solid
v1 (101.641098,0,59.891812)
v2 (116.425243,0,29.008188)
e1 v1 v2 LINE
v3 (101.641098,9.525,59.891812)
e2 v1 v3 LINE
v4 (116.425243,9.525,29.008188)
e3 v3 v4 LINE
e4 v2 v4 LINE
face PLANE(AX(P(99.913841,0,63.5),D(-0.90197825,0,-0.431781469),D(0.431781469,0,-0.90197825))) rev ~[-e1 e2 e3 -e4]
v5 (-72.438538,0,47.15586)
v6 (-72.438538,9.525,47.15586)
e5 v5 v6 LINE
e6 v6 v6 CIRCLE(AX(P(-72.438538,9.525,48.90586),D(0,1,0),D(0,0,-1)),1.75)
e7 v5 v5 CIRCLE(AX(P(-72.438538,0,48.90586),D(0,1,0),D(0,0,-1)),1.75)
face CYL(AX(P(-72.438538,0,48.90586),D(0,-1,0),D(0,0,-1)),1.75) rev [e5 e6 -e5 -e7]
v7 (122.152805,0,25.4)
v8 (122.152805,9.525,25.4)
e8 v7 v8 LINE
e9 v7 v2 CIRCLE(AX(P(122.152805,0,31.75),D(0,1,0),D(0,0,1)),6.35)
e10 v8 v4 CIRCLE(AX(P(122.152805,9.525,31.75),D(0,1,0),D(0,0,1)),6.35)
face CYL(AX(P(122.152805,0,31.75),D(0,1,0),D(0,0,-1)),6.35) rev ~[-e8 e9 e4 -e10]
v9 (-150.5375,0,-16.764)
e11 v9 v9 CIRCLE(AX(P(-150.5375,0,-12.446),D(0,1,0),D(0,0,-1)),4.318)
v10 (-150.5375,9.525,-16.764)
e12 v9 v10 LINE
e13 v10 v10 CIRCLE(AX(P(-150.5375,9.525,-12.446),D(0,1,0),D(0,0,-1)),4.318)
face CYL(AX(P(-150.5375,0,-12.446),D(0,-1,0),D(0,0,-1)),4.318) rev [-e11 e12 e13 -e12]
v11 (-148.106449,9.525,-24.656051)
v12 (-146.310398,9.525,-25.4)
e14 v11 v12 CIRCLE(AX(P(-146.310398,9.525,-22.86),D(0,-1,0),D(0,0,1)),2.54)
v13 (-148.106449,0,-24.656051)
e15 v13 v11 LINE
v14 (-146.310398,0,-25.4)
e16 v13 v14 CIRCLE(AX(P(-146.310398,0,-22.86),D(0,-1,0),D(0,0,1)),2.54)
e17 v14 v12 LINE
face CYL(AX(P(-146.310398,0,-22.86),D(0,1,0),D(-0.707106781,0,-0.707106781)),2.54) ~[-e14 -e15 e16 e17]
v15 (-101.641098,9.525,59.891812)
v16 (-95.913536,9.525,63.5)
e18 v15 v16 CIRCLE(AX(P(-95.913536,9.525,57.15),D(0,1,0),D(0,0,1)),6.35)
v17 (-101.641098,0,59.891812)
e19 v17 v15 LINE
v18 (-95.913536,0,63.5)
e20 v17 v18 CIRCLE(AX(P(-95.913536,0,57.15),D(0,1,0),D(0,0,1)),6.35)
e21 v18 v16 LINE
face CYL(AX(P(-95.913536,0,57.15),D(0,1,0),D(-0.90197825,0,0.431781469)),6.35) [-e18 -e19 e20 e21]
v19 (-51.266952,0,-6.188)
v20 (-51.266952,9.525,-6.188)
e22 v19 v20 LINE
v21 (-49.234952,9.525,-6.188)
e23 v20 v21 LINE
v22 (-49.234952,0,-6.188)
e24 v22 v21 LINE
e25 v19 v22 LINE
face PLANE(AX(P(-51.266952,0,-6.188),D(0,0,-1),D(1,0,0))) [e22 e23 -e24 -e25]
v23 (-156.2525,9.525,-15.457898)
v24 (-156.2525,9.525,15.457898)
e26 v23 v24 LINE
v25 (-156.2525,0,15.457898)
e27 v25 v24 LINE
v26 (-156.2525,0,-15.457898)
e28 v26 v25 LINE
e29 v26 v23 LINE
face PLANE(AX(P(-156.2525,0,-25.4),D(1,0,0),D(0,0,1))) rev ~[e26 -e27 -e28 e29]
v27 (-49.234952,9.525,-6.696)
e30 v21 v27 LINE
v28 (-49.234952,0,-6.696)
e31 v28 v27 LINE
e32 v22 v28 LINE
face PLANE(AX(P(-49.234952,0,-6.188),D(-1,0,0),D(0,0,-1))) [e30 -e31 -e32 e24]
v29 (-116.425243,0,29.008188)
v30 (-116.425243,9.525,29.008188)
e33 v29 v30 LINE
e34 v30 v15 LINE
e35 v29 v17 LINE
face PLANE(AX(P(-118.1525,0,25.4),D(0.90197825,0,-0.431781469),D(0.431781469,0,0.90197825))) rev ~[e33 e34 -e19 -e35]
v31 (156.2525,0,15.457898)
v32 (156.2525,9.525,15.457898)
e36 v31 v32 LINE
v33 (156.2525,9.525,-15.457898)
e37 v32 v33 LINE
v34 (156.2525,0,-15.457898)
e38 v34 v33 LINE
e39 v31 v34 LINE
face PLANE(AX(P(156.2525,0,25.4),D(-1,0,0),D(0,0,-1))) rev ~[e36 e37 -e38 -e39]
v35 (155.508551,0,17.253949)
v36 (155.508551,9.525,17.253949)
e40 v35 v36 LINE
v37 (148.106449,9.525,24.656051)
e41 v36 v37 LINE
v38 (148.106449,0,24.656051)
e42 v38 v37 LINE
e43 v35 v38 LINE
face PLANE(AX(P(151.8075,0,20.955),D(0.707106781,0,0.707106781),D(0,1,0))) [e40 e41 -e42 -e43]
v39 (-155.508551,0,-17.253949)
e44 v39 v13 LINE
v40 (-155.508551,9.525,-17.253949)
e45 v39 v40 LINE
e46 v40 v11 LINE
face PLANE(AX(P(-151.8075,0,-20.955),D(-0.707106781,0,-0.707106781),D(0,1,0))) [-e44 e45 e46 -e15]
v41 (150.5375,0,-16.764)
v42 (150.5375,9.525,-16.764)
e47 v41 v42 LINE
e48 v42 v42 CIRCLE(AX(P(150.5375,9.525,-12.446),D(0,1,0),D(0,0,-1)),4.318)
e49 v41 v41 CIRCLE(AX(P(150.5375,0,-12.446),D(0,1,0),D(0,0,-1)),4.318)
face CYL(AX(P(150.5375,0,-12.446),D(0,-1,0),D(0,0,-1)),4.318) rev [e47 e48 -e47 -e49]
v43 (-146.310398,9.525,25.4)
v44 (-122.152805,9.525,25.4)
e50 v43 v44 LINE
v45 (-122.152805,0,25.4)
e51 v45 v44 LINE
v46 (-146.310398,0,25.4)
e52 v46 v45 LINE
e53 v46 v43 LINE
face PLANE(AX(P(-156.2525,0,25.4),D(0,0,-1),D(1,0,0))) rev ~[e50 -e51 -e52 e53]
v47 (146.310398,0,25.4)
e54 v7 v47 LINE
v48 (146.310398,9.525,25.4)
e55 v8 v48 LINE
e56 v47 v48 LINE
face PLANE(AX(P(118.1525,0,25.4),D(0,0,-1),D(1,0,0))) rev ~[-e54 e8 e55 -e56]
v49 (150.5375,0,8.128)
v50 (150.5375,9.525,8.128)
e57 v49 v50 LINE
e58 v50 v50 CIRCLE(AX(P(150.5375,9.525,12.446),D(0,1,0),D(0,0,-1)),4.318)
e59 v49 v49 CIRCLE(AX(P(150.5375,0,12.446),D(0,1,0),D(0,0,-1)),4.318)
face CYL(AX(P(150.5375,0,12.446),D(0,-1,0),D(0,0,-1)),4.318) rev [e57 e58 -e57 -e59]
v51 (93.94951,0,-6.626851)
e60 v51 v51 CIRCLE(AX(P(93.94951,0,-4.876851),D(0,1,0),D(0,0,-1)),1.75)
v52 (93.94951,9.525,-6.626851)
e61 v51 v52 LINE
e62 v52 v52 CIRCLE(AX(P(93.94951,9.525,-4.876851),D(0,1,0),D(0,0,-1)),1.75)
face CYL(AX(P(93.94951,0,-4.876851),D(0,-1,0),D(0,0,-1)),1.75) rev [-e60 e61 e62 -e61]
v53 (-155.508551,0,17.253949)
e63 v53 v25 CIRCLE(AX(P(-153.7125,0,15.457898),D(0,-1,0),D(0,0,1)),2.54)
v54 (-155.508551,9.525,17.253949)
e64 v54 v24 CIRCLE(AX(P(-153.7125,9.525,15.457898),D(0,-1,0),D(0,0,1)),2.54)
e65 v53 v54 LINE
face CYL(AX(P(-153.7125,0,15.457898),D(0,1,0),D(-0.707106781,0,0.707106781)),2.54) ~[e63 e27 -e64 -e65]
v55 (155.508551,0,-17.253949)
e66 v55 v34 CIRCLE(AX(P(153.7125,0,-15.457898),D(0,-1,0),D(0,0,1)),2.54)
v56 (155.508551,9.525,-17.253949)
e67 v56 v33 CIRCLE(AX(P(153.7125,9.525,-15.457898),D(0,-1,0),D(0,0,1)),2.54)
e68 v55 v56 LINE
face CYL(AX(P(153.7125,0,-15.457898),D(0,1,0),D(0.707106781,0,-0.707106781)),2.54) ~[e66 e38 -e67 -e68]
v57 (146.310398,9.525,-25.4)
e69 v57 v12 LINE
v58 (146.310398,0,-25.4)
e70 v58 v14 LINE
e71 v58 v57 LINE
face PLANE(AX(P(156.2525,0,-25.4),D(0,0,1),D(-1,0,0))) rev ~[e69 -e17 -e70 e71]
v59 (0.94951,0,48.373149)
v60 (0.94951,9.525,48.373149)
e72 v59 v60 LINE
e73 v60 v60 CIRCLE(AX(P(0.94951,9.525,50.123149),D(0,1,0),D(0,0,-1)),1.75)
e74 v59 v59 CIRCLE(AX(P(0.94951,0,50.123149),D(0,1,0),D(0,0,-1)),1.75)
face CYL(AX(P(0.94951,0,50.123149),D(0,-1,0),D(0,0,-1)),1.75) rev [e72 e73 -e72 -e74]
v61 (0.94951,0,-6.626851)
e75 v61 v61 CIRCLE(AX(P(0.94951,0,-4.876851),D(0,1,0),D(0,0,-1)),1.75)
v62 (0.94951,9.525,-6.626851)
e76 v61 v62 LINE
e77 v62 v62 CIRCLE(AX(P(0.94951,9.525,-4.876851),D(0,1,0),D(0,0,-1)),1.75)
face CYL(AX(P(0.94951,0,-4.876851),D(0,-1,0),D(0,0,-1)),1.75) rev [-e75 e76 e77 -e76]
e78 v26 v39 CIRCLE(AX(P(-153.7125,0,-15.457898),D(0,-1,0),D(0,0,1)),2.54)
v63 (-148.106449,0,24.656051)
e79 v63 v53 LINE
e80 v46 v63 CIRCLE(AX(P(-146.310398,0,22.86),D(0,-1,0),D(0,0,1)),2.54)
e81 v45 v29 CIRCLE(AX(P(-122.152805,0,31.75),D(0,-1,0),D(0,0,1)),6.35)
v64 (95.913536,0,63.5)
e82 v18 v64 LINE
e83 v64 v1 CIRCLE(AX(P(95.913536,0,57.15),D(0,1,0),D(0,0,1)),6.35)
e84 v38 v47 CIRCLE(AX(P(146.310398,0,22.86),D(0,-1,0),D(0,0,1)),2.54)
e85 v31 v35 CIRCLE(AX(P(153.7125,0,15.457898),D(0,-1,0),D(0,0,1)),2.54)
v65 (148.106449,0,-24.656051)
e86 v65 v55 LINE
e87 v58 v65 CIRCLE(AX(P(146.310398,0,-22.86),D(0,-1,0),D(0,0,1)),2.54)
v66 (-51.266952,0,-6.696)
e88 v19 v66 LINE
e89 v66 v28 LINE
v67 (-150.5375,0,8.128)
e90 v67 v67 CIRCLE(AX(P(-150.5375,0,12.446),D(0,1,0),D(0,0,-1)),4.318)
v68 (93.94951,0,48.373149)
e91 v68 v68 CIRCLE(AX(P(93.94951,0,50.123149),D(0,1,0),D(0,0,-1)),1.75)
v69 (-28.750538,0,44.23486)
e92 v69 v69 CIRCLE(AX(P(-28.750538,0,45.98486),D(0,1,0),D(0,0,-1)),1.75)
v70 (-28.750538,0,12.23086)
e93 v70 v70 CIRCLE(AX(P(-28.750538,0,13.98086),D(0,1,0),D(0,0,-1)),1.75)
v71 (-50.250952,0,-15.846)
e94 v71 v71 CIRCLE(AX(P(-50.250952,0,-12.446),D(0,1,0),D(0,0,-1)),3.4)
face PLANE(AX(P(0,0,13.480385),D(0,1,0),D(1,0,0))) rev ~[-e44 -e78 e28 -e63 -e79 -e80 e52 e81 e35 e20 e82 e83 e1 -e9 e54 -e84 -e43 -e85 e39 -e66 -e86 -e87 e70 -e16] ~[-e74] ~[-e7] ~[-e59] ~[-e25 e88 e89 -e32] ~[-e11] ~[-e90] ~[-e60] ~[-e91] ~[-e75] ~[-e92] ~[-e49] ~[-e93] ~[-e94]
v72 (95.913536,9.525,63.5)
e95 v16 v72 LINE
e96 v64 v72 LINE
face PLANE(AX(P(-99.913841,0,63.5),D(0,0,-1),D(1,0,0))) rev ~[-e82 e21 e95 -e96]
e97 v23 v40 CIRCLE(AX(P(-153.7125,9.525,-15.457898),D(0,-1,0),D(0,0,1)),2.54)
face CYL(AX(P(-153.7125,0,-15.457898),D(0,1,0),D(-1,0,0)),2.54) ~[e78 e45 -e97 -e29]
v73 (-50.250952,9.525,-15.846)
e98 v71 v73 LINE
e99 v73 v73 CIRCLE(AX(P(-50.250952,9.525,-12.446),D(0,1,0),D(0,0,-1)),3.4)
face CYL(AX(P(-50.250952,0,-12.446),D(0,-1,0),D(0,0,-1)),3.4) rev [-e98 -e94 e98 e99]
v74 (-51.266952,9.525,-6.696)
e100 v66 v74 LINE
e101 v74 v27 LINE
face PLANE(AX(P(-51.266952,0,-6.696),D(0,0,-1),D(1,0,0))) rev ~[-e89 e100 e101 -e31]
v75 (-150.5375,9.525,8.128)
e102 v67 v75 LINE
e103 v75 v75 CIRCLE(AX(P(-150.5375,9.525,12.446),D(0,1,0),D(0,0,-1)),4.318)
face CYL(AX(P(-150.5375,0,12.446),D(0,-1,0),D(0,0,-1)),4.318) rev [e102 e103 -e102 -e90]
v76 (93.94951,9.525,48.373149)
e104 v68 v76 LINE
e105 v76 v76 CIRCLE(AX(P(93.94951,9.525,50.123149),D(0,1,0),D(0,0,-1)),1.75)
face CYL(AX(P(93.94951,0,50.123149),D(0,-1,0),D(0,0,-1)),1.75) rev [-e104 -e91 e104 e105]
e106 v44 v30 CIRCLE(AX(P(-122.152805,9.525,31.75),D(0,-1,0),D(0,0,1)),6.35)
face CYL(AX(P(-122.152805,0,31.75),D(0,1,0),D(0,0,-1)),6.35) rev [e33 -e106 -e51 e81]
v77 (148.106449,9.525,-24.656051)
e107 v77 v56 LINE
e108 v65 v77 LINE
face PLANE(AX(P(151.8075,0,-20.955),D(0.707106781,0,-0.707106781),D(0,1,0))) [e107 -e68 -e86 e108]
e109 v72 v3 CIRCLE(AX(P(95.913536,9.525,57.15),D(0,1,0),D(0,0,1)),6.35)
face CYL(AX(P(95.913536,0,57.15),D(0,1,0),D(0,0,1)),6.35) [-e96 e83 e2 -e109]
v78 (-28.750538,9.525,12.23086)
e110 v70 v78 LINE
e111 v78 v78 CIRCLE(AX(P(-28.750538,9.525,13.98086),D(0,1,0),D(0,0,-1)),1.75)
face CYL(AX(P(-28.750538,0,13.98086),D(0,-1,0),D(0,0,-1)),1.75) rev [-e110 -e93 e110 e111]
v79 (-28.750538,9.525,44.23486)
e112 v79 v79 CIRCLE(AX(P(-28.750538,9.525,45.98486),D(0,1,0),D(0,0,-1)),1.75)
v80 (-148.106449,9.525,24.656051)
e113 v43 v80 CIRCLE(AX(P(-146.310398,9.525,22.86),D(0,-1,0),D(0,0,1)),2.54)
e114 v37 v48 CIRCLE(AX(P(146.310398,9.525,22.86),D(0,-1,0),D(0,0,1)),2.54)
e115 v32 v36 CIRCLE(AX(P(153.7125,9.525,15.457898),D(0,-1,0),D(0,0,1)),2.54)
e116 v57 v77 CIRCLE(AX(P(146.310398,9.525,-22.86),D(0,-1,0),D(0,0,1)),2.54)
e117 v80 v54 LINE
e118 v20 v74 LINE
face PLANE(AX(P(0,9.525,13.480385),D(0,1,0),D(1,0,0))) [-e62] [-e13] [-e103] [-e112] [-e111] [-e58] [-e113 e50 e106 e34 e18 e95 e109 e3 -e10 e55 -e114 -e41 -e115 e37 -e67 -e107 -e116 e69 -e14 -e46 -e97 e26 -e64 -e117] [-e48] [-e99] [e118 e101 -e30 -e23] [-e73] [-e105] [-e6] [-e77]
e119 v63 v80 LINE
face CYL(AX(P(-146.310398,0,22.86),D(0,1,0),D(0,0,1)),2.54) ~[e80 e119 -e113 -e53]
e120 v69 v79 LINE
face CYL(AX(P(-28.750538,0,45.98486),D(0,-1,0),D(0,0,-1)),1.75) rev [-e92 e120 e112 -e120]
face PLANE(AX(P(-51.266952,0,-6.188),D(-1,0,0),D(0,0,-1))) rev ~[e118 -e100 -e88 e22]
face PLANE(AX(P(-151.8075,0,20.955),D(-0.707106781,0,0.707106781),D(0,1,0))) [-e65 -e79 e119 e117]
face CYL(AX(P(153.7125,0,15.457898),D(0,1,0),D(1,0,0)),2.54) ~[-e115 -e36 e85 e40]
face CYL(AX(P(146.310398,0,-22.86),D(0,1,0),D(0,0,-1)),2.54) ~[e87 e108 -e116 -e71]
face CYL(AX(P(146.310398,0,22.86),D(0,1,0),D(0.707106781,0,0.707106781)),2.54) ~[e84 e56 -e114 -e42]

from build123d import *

# Parameters (mm, degrees)
SKETCH1_R           = 1.75
SKETCH1_R_2         = 4.318
SKETCH1_W           = 2.032
SKETCH1_H           = 0.508
SKETCH1_R_3         = 3.4
BOSS_EXTRUDE1_DEPTH = 9.525
FILLET1_R           = 6.35
CHAMFER1_SIZE       = 8.89
FILLET2_R           = 2.54


with BuildPart() as part:
    # Sketch1 → Boss-Extrude1 (new body)
    with BuildSketch(Plane(origin=(0, 0, 0), x_dir=(1, 0, 0), z_dir=(0, 1, 0))):
        Polygon((-156.2525, 25.4), (-156.2525, -25.4), (-118.1525, -25.4), (-99.913840717, -63.5), (99.913840717, -63.5), (118.1525, -25.4), (156.2525, -25.4), (156.2525, 25.4), align=None)
        with Locations(Location((-72.438538283, -48.905859703, 0), (0, 0, 90))):
            Circle(SKETCH1_R, mode=Mode.SUBTRACT)
        with Locations(Location((-28.750538283, -45.984859703, 0), (0, 0, 90))):
            Circle(SKETCH1_R, mode=Mode.SUBTRACT)
        with Locations(Location((-150.5375, -12.446, 0), (0, 0, 90))):
            Circle(SKETCH1_R_2, mode=Mode.SUBTRACT)
        with Locations(Location((-28.750538283, -13.980859703, 0), (0, 0, 90))):
            Circle(SKETCH1_R, mode=Mode.SUBTRACT)
        with Locations(Location((93.949510286, 4.876851367, 0), (0, 0, 90))):
            Circle(SKETCH1_R, mode=Mode.SUBTRACT)
        with Locations(Location((0.949510286, 4.876851367, 0), (0, 0, 90))):
            Circle(SKETCH1_R, mode=Mode.SUBTRACT)
        with Locations(Location((0.949510286, -50.123148633, 0), (0, 0, 90))):
            Circle(SKETCH1_R, mode=Mode.SUBTRACT)
        with Locations(Location((93.949510286, -50.123148633, 0), (0, 0, 90))):
            Circle(SKETCH1_R, mode=Mode.SUBTRACT)
        with Locations(Location((150.5375, -12.446, 0), (0, 0, 90))):
            Circle(SKETCH1_R_2, mode=Mode.SUBTRACT)
        with Locations(Location((-150.5375, 12.446, 0), (0, 0, 90))):
            Circle(SKETCH1_R_2, mode=Mode.SUBTRACT)
        with Locations((-50.250952403, 6.442)):
            Rectangle(SKETCH1_W, SKETCH1_H, mode=Mode.SUBTRACT)
        with Locations(Location((-50.250952403, 12.446, 0), (0, 0, 90))):
            Circle(SKETCH1_R_3, mode=Mode.SUBTRACT)
        with Locations(Location((150.5375, 12.446, 0), (0, 0, 90))):
            Circle(SKETCH1_R_2, mode=Mode.SUBTRACT)
    extrude(amount=BOSS_EXTRUDE1_DEPTH)

    # Fillet1
    fillet1_edges = [part.edges().sort_by_distance(p)[0] for p in [
        (118.1525, 4.7625, 25.4),
        (99.913840717, 4.7625, 63.5),
        (-99.913840717, 4.7625, 63.5),
        (-118.1525, 4.7625, 25.4),
    ]]
    fillet(fillet1_edges, radius=FILLET1_R)

    # Chamfer1
    chamfer1_edges = [part.edges().sort_by_distance(p)[0] for p in [
        (156.2525, 4.7625, -25.4),
        (156.2525, 4.7625, 25.4),
        (-156.2525, 4.7625, 25.4),
        (-156.2525, 4.7625, -25.4),
    ]]
    chamfer(chamfer1_edges, length=CHAMFER1_SIZE)

    # Fillet2
    fillet2_edges = [part.edges().sort_by_distance(p)[0] for p in [
        (-156.2525, 4.7625, 16.51),
        (-156.2525, 4.7625, -16.51),
        (147.3625, 4.7625, -25.4),
        (-147.3625, 4.7625, -25.4),
        (-147.3625, 4.7625, 25.4),
        (156.2525, 4.7625, 16.51),
        (156.2525, 4.7625, -16.51),
        (147.3625, 4.7625, 25.4),
    ]]
    fillet(fillet2_edges, radius=FILLET2_R)


solid = part.part
